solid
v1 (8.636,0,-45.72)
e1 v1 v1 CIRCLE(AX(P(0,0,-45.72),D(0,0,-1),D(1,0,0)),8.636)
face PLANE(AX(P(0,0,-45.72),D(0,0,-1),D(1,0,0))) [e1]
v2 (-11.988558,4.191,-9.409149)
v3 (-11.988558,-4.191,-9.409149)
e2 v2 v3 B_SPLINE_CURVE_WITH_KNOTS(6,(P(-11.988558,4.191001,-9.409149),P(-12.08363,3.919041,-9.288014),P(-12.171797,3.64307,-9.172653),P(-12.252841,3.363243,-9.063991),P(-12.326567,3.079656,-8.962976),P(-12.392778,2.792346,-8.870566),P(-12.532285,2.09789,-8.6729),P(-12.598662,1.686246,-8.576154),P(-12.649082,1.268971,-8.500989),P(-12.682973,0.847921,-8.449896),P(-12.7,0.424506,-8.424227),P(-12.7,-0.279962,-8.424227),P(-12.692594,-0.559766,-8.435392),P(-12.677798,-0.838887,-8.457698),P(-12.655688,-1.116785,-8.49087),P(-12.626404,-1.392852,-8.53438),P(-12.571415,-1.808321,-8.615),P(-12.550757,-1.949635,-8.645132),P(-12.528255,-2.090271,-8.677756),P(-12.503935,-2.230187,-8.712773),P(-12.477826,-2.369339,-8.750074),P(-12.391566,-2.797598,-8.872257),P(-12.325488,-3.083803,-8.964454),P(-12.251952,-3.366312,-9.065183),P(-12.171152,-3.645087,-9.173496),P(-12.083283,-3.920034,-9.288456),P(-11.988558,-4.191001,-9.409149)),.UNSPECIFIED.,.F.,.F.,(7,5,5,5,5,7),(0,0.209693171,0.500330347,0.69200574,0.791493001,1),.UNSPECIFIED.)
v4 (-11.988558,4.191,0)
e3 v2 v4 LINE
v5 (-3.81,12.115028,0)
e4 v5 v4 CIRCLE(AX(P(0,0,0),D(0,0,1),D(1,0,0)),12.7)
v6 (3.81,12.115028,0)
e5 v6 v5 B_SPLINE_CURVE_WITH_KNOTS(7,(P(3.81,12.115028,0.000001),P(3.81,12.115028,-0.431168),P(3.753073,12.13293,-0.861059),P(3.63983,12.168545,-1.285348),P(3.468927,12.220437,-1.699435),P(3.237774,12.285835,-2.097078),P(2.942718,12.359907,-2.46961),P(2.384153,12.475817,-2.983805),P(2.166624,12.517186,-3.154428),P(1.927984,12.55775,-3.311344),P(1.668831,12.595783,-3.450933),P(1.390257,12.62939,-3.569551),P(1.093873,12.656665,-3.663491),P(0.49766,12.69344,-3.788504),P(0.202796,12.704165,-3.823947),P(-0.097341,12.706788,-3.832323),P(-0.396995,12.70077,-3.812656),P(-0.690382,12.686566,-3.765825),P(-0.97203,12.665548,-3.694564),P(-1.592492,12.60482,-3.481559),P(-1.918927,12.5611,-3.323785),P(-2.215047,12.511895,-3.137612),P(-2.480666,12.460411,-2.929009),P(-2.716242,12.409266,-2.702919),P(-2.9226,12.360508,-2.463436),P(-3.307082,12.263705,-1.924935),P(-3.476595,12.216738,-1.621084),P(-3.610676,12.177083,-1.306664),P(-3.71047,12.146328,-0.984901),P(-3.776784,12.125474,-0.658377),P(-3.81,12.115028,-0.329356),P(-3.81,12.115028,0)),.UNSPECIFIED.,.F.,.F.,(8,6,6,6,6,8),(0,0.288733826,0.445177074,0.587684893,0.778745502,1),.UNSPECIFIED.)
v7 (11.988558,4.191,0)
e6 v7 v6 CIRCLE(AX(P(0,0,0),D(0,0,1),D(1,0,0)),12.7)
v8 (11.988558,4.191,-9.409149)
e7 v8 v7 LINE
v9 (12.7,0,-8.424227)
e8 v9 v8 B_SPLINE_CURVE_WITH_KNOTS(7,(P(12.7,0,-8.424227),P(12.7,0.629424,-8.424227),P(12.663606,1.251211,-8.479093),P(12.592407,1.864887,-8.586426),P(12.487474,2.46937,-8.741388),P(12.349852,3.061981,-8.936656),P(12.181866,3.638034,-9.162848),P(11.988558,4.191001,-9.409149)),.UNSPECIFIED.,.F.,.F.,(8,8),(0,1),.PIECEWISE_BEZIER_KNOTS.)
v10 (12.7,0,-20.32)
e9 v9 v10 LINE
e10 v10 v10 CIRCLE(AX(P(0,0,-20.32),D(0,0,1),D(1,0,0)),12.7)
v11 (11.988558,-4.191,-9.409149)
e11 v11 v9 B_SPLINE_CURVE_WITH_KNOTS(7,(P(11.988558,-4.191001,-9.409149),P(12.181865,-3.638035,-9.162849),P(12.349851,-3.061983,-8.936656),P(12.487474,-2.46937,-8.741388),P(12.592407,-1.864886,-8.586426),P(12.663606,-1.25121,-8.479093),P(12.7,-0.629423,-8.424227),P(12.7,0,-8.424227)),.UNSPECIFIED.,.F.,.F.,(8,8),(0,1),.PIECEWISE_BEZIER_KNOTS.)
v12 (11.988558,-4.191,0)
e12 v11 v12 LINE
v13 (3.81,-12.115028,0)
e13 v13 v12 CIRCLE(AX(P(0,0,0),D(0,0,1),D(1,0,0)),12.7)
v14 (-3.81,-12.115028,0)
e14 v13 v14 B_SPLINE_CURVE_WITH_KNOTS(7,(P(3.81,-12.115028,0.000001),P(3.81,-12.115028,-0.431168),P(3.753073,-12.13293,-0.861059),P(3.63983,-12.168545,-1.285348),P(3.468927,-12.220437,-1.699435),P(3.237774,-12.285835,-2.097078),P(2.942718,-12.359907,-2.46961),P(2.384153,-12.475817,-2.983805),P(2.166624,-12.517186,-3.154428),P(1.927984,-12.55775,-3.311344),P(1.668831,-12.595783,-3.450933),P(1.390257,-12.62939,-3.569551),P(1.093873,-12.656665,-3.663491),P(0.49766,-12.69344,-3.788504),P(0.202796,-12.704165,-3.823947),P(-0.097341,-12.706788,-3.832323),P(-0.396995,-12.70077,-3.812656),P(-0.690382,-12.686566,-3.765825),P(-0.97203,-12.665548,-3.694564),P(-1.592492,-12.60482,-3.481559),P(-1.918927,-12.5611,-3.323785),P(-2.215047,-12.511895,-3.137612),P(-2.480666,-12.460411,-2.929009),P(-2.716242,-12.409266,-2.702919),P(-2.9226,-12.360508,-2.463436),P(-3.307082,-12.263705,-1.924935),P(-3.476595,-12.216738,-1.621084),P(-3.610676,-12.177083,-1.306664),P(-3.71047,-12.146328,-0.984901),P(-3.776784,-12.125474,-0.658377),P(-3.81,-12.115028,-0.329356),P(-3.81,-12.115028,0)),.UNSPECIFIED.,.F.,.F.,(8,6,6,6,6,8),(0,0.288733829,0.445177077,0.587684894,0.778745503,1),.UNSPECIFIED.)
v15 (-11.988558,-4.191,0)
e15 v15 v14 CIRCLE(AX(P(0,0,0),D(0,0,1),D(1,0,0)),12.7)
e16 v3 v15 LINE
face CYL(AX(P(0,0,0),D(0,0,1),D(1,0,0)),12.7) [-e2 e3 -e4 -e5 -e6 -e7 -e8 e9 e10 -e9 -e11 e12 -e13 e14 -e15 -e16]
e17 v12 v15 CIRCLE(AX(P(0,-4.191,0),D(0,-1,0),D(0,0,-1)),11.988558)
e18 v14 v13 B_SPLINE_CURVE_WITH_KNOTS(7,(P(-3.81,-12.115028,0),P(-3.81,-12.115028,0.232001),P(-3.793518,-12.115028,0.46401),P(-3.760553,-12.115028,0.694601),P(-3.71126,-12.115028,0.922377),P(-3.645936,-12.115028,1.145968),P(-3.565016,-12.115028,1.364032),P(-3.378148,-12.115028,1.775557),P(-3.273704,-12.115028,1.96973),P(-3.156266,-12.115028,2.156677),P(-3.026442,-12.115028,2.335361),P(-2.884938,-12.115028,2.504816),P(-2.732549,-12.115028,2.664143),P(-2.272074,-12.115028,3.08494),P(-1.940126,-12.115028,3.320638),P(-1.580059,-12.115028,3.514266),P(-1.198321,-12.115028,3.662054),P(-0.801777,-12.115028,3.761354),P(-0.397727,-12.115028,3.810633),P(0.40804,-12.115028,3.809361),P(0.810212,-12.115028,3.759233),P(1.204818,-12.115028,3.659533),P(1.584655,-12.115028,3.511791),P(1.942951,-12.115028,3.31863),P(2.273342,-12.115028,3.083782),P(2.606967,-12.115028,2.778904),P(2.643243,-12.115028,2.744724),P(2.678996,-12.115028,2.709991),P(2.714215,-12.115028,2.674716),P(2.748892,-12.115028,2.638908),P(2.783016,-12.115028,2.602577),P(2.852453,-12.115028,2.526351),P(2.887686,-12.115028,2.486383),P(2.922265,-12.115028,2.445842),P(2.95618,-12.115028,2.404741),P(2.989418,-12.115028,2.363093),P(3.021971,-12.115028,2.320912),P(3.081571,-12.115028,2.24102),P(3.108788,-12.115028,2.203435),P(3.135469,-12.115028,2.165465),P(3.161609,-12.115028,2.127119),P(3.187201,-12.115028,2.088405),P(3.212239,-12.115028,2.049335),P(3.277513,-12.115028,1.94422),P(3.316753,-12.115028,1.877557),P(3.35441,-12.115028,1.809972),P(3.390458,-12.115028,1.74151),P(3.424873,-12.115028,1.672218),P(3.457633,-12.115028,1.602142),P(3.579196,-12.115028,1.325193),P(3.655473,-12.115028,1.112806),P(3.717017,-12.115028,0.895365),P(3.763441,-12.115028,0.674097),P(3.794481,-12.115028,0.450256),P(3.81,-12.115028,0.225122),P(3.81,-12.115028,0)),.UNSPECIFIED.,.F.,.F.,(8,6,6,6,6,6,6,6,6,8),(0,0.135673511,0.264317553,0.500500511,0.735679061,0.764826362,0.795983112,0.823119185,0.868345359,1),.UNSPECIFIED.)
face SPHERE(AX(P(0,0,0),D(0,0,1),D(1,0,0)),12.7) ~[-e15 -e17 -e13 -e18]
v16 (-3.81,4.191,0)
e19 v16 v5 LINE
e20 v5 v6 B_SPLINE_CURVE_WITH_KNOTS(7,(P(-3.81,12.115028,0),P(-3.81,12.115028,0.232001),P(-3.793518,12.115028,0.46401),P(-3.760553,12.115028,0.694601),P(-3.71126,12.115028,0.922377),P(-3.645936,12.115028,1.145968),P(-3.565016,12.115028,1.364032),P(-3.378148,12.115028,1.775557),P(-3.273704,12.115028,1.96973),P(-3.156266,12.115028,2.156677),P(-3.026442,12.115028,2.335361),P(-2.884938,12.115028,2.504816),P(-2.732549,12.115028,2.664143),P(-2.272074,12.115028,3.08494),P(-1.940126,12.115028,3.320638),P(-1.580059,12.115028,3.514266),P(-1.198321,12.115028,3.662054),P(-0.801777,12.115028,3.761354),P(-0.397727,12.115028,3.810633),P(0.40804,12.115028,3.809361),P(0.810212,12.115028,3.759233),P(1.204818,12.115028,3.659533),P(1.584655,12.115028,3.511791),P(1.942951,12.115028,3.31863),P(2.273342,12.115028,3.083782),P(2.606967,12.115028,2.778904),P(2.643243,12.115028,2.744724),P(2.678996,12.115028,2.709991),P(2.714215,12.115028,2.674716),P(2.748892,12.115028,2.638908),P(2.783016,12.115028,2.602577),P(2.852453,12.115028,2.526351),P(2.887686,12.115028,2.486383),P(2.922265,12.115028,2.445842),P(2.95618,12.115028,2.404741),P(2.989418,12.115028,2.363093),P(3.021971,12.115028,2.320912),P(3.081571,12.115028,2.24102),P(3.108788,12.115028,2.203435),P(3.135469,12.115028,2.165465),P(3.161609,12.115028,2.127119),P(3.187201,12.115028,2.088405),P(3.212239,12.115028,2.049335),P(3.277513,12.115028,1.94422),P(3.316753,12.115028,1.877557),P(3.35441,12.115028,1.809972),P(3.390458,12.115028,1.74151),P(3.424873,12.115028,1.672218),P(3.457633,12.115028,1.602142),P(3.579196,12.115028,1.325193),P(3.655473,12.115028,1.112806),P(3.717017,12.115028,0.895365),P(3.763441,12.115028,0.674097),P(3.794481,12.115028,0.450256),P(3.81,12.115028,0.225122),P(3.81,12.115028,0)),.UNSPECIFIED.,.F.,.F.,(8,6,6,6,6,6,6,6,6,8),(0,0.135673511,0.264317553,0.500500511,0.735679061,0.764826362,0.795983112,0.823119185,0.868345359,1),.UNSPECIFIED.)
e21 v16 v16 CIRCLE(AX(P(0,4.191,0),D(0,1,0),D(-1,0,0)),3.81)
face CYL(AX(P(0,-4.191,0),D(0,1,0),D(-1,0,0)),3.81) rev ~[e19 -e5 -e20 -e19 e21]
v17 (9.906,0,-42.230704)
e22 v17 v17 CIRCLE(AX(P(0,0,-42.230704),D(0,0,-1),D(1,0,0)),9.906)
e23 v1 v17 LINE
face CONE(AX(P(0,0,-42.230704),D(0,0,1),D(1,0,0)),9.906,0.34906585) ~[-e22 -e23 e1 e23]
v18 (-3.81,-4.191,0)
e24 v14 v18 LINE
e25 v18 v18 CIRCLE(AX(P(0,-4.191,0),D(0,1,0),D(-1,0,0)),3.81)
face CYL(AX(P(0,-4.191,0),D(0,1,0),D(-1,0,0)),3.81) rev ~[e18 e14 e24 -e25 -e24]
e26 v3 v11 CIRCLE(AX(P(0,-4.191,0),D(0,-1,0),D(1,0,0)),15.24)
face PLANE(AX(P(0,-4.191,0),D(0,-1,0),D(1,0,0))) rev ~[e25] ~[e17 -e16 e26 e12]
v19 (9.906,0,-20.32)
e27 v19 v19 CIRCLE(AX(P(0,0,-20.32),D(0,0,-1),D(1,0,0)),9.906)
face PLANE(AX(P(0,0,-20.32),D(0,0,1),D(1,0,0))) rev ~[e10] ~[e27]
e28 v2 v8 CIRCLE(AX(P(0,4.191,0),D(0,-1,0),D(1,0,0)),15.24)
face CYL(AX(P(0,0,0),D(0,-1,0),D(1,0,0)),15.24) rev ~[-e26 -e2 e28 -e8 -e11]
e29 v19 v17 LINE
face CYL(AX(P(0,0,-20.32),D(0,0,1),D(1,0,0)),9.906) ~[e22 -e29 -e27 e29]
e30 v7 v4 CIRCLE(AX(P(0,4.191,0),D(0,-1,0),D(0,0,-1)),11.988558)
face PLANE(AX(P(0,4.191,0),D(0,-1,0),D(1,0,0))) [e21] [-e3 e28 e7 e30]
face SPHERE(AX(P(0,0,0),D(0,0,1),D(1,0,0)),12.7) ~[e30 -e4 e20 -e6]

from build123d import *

# Parameters (mm, degrees)
F0_R      = 12.7
F1_DEPTH  = 20.32
F2_R      = 15.24
F5_DEPTH  = 4.191
F6_R      = 3.81
F7_DEPTH  = 63.5
F8_R      = 9.906
F9_DEPTH  = 25.4
F10_SIZE2 = 3.4892963227
F10_SIZE  = 1.27


with BuildPart() as f1:
    # F0 (on Top) → F1 (new body)
    with BuildSketch(Plane.XY):
        Circle(F0_R)
    extrude(amount=-F1_DEPTH)

    # F3 (on Front) → F4 (revolve)
    with BuildSketch(Plane.XZ):
        with BuildLine():
            Line((0, 12.7), (0, 0))
            Line((0, 0), (12.7, 0))
            ThreePointArc((12.7, 0), (8.9802561211, 8.9802561211), (0, 12.7))
        make_face()
    revolve(axis=Axis((0, 0, 6.8661598489), (0, 0, -1)))

    # F2 (on Front) → F5 (cut, symmetric)
    with BuildSketch(Plane.XZ):
        Circle(F2_R)
    extrude(amount=F5_DEPTH, both=True, mode=Mode.SUBTRACT)

    # F6 (on face) → F7 (cut, symmetric)
    with BuildSketch(Plane(origin=(0, -4.191, 0), x_dir=(-1, 0, 0), z_dir=(0, 1, 0))):
        Circle(F6_R)
    extrude(amount=F7_DEPTH, both=True, mode=Mode.SUBTRACT)

    # F8 (on face) → F9 (join)
    with BuildSketch(Plane(origin=(0, 0, -20.32), x_dir=(1, 0, 0), z_dir=(0, 0, -1))):
        Circle(F8_R)
    extrude(amount=F9_DEPTH)

    # F10
    f10_edges = [f1.edges().sort_by_distance(p)[0] for p in [
        (-9.906, 0, -45.72),
    ]]
    f10_side = f1.faces().sort_by_distance((0, 0, -45.72))[0]
    chamfer(f10_edges, length=F10_SIZE, length2=F10_SIZE2, reference=f10_side)


solid = f1.part
